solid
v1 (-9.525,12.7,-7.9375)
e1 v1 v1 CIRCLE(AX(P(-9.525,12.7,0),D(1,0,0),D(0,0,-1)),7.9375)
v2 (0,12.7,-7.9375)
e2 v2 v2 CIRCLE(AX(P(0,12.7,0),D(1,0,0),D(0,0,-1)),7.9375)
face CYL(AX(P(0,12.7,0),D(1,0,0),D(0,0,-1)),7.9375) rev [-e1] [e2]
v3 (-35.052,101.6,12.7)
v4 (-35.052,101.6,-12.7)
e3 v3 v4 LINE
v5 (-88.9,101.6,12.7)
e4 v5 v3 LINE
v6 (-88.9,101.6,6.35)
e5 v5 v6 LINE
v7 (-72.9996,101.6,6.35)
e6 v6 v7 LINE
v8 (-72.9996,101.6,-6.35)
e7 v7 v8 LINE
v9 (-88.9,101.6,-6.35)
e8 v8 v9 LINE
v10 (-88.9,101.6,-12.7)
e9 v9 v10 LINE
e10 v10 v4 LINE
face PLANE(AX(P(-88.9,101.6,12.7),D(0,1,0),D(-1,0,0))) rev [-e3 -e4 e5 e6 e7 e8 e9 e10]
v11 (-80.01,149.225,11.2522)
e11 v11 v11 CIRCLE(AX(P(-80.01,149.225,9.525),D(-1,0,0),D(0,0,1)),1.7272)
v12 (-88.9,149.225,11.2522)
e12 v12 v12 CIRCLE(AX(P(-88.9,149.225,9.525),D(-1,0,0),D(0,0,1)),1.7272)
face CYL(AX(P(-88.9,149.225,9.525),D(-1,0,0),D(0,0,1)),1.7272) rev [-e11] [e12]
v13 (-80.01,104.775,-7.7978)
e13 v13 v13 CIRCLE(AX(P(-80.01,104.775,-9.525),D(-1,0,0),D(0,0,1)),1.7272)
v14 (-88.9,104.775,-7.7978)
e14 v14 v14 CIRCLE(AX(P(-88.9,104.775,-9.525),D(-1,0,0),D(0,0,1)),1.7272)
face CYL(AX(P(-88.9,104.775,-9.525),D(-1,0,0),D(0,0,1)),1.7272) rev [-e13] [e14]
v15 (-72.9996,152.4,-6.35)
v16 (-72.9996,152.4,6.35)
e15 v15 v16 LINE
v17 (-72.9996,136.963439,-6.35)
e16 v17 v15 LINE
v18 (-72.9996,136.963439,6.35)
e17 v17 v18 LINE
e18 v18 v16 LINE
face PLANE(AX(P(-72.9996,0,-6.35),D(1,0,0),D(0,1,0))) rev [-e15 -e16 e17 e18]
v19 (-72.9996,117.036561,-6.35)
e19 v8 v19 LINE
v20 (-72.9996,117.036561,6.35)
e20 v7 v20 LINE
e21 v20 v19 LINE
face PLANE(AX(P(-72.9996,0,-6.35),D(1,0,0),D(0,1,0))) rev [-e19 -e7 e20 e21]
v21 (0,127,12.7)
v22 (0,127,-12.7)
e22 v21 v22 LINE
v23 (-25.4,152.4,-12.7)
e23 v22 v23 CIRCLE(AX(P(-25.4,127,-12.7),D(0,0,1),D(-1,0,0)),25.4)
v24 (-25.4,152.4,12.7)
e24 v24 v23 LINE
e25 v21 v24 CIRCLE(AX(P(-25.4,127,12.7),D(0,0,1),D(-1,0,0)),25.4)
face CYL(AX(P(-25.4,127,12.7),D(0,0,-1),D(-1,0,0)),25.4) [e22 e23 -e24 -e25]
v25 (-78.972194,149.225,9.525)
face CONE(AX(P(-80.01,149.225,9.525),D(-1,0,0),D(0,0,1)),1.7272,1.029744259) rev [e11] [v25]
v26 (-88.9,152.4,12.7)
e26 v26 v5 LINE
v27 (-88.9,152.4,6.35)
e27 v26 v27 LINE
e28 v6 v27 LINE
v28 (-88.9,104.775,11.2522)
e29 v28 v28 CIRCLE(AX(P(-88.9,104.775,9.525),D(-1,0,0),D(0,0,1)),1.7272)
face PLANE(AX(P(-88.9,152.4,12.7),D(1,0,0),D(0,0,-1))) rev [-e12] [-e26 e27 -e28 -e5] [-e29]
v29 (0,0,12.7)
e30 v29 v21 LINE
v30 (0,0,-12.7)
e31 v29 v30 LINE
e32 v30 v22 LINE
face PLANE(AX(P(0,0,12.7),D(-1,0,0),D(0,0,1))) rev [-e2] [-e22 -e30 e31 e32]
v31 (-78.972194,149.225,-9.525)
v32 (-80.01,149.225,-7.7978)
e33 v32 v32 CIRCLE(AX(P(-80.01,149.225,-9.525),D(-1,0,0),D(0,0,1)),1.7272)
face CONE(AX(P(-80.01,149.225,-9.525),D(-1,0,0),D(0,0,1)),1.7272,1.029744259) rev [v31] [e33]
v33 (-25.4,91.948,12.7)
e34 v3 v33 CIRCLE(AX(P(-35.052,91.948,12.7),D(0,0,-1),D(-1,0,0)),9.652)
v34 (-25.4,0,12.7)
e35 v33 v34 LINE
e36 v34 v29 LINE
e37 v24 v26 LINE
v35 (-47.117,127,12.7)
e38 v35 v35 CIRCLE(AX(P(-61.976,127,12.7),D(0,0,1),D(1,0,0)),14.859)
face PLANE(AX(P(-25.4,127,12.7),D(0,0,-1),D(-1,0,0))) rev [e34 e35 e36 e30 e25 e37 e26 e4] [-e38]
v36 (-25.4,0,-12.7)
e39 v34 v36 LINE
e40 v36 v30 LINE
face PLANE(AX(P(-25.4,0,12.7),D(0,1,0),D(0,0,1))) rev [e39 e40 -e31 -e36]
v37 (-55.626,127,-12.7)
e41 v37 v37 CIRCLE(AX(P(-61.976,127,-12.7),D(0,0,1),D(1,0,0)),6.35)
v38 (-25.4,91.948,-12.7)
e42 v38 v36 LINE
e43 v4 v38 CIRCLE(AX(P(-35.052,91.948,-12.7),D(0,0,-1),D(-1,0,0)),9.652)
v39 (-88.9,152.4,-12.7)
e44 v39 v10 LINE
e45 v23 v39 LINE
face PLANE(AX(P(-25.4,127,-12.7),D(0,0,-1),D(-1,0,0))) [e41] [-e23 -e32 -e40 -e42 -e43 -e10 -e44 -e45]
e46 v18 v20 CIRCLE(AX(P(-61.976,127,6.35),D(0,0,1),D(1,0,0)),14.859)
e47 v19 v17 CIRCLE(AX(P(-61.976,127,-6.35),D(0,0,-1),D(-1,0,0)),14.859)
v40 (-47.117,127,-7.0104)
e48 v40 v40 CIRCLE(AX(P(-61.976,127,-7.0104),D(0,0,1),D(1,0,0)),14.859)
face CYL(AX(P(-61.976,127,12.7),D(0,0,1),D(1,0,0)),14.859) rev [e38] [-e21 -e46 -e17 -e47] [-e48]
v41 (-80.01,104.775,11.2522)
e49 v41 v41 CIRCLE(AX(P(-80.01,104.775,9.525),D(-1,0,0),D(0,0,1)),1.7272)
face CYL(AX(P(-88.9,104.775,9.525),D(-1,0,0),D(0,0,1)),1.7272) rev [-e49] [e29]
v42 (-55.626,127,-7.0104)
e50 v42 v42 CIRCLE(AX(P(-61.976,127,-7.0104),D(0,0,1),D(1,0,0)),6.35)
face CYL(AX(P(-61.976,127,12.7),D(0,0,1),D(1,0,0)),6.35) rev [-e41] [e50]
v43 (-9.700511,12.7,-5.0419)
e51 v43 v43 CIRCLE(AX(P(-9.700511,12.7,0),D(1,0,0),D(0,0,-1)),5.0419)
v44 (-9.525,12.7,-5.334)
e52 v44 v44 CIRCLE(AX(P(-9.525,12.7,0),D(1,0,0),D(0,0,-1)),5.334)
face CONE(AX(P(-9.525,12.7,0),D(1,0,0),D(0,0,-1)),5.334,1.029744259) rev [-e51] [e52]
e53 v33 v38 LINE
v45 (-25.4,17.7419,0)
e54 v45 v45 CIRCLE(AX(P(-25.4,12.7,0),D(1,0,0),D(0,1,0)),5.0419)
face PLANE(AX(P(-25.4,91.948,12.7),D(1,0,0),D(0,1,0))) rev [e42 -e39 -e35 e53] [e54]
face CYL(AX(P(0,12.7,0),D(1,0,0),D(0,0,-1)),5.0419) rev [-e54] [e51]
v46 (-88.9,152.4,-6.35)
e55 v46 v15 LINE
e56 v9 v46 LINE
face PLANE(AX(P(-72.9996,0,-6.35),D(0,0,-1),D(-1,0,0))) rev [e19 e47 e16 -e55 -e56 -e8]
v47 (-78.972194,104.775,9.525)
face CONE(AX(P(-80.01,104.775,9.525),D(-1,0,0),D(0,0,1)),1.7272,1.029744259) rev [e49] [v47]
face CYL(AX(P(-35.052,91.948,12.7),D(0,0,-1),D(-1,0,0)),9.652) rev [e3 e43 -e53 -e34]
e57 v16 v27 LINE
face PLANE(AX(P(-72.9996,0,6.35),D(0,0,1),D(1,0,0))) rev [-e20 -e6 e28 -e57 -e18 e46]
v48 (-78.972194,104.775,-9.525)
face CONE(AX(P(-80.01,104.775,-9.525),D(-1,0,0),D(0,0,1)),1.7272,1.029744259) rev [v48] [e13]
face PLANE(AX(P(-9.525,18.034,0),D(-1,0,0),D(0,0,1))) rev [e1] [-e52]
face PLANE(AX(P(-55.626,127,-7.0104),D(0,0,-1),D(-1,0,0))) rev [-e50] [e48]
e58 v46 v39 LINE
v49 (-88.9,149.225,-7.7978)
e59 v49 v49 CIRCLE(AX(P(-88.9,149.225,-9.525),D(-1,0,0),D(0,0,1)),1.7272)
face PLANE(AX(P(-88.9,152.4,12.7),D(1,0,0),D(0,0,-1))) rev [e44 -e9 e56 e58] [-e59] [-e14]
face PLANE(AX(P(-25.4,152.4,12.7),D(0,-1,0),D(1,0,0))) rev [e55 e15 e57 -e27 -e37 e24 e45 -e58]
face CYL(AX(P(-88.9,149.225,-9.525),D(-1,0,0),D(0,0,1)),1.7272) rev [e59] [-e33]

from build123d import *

# Parameters (mm, degrees)
BOSS_EXTRUDE1_DEPTH                                 = 12.7
SKETCH2_W                                           = 15.9004
SKETCH2_H                                           = 12.7
CUT_EXTRUDE1_DEPTH                                  = 1
CUT_EXTRUDE1_DEPTH_BACK                             = 153.4
CBORE_FOR_00_BINDING_HEAD_MACHINE_SCREW_D           = 12.7
CBORE_FOR_00_BINDING_HEAD_MACHINE_SCREW_CBORE_D     = 29.718
CBORE_FOR_00_BINDING_HEAD_MACHINE_SCREW_CBORE_DEPTH = 19.7104
LPATTERN1_COUNT                                     = 2
LPATTERN1_PITCH                                     = 44.45
LPATTERN1_COUNT_DIR2                                = 2
LPATTERN1_PITCH_DIR2                                = 19.05


with BuildPart() as part:
    # Sketch1 → Boss-Extrude1 (new body, symmetric)
    with BuildSketch(Plane.XY):
        with BuildLine():
            Line((0, 0), (0, 127))
            ThreePointArc((0, 127), (-7.439487758, 144.960512242), (-25.4, 152.4))
            Line((-25.4, 152.4), (-88.9, 152.4))
            Line((-88.9, 152.4), (-88.9, 101.6))
            Line((-88.9, 101.6), (-35.052, 101.6))
            ThreePointArc((-35.052, 101.6), (-28.227005348, 98.772994652), (-25.4, 91.948))
            Line((-25.4, 91.948), (-25.4, 0))
            Line((-25.4, 0), (0, 0))
        make_face()
    extrude(amount=BOSS_EXTRUDE1_DEPTH, both=True)

    # Sketch2 → Cut-Extrude1 (cut, two sides)
    with BuildSketch(Plane(origin=(0, 152.4, 0), x_dir=(1, 0, 0), z_dir=(0, 1, 0))) as cut_extrude1_sk:
        with Locations((-80.9498, 0)):
            Rectangle(SKETCH2_W, SKETCH2_H)
    extrude(amount=CUT_EXTRUDE1_DEPTH, mode=Mode.SUBTRACT)
    extrude(cut_extrude1_sk.sketch, amount=-CUT_EXTRUDE1_DEPTH_BACK, mode=Mode.SUBTRACT)

    # CBORE for #00 Binding Head Machine Screw1 (through all)
    with Locations(Plane.XY.offset(12.7)):
        with Locations((-61.976, 127)):
            CounterBoreHole(CBORE_FOR_00_BINDING_HEAD_MACHINE_SCREW_D / 2, CBORE_FOR_00_BINDING_HEAD_MACHINE_SCREW_CBORE_D / 2, CBORE_FOR_00_BINDING_HEAD_MACHINE_SCREW_CBORE_DEPTH)

    # Sketch7 → CBORE for 3/8 Socket Head Cap Screw1 (revolve, cut)
    with BuildSketch(Plane(origin=(0, 12.7, 0), x_dir=(0, 0, -1), z_dir=(0, 1, 0))):
        Polygon((0, 0), (0, 88.9), (5.0419, 88.9), (5.0419, 9.700511387), (5.334, 9.525), (7.9375, 9.525), (7.9375, 0), align=None)
    revolve(axis=Axis((6.35, 12.7, 0), (-1, 0, 0)), mode=Mode.SUBTRACT)

    # Sketch9 → #8-32 Tapped Hole1 (revolve, cut)
    with BuildSketch(Plane(origin=(-88.9, 104.775, -9.525), x_dir=(0, 0, 1), z_dir=(0, 1, 0))):
        Polygon((0, 0), (0, 9.927806461), (1.7272, 8.89), (1.7272, 0), align=None)
    f_8_32_tapped_hole1 = revolve(axis=Axis((-95.25, 104.775, -9.525), (1, 0, 0)), mode=Mode.SUBTRACT)

    # LPattern1: 8-32 Tapped Hole1 2 × 2
    with Locations(*[(0, i * LPATTERN1_PITCH, j * LPATTERN1_PITCH_DIR2) for i in range(LPATTERN1_COUNT) for j in range(LPATTERN1_COUNT_DIR2) if (i, j) != (0, 0)]):
        add(f_8_32_tapped_hole1, mode=Mode.SUBTRACT)


solid = part.part
